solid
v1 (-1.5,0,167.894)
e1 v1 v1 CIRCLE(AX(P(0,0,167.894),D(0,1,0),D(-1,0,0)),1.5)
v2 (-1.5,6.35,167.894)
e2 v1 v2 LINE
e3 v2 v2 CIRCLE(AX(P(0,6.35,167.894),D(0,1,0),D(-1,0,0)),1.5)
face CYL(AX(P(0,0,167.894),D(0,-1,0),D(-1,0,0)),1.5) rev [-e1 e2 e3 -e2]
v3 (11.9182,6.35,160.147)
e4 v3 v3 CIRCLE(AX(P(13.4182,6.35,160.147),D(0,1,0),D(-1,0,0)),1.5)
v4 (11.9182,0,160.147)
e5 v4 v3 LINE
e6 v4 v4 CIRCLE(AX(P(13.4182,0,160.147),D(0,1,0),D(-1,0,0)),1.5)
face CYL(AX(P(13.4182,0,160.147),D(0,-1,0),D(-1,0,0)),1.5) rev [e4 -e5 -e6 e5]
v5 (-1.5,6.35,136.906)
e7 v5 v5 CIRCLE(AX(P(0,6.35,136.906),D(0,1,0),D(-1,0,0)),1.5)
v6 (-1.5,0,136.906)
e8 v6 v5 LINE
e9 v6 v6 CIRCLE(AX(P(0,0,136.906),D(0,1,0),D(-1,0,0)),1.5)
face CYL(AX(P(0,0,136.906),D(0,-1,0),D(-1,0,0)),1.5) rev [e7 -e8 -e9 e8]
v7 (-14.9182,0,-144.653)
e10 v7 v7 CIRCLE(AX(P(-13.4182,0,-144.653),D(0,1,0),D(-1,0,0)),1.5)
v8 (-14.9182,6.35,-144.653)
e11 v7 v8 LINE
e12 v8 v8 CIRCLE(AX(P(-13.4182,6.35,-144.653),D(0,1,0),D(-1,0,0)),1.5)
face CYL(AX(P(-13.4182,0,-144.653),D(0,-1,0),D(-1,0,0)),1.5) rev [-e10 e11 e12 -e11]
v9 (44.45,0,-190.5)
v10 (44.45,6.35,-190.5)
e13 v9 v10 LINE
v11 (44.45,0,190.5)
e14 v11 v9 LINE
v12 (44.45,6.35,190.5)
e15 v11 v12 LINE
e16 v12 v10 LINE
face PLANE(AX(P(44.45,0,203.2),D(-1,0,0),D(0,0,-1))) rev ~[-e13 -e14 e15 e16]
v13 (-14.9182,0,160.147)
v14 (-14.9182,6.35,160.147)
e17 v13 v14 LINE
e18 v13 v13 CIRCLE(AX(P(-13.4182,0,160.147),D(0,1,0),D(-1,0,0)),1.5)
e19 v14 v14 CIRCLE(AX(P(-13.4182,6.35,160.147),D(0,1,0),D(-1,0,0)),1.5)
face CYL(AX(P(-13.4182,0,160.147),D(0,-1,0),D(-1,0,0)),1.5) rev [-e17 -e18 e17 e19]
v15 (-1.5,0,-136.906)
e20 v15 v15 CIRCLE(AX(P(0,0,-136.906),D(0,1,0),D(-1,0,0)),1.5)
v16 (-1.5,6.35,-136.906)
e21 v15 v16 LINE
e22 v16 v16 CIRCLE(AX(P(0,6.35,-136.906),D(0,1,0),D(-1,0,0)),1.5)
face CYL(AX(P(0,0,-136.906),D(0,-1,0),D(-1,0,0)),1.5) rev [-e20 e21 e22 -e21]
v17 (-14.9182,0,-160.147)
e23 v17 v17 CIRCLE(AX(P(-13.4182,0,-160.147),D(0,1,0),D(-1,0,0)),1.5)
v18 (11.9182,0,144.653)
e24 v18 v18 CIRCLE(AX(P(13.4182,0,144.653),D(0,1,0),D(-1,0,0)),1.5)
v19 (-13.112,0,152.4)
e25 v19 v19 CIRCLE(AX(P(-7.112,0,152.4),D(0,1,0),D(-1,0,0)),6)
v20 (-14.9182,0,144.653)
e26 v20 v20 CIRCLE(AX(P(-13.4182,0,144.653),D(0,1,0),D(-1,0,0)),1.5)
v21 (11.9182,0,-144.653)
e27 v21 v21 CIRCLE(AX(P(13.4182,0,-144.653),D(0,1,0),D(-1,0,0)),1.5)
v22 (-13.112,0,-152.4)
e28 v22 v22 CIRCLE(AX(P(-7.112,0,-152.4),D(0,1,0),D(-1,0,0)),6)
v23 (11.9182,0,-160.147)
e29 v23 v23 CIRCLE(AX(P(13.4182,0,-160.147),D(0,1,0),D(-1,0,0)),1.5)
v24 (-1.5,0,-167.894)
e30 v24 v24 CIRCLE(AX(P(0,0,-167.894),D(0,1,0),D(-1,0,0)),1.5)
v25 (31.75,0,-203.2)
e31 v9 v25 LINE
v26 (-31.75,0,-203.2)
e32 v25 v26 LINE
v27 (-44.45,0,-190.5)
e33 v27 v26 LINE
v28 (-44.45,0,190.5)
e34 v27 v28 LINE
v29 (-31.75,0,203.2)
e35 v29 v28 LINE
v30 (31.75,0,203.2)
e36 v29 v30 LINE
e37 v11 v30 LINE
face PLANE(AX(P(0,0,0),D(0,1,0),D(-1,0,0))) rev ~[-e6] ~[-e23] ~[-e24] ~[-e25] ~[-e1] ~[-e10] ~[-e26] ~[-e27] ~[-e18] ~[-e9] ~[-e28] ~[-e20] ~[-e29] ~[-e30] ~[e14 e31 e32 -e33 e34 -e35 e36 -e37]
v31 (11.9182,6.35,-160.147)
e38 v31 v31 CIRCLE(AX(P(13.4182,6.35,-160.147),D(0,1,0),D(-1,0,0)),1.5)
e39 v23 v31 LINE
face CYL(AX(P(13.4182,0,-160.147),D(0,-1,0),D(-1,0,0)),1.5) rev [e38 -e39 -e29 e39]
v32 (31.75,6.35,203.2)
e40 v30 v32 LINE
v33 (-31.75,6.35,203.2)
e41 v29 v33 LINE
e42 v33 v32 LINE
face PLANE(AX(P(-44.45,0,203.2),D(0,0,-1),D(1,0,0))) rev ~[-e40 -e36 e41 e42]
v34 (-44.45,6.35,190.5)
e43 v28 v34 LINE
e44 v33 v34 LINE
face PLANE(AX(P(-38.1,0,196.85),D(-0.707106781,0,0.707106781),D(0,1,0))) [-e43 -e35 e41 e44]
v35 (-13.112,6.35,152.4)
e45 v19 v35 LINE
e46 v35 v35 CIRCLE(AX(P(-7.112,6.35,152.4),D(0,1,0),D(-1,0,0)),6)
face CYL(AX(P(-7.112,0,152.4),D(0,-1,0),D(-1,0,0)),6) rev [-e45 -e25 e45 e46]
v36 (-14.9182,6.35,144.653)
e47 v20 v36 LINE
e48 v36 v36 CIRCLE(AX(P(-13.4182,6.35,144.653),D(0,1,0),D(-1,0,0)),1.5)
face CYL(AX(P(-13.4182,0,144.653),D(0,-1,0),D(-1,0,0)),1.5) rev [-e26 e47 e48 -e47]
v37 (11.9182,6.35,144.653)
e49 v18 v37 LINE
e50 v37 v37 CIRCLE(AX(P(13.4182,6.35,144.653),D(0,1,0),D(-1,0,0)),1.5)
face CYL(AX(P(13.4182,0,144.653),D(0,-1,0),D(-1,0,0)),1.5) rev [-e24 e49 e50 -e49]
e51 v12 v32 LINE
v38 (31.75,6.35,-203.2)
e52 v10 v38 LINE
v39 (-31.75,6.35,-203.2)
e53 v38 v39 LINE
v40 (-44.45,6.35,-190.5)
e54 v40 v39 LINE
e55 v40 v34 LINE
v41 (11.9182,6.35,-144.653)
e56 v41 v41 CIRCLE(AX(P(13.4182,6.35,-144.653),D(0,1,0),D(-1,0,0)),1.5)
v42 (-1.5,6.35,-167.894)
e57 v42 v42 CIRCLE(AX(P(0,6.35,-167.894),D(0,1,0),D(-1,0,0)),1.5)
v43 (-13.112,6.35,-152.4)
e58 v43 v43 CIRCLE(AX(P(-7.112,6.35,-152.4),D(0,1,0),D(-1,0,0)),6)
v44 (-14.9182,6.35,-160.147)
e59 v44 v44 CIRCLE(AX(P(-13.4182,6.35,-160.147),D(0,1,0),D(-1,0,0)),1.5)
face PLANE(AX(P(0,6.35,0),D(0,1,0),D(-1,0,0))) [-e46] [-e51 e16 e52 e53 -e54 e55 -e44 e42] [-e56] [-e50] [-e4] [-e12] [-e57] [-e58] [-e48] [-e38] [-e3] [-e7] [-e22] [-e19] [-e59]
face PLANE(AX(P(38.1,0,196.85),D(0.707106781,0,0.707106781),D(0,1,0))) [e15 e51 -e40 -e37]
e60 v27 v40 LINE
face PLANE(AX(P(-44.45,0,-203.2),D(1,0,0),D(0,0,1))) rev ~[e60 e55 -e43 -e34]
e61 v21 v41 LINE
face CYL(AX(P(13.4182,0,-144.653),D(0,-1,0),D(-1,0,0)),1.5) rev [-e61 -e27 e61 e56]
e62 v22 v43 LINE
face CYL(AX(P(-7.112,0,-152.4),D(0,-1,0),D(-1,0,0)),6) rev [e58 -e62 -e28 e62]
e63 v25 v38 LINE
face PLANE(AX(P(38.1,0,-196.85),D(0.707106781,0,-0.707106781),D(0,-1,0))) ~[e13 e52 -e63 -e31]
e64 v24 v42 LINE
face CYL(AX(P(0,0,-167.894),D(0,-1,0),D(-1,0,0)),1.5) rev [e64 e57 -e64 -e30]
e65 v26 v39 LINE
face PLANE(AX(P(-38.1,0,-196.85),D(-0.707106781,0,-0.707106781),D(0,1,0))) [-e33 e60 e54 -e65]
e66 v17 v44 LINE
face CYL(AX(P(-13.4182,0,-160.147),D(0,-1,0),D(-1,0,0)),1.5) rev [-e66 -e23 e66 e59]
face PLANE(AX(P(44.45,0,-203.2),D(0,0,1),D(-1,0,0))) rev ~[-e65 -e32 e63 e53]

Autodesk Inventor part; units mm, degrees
ref_plane "YZ Plane" through (0, 0, 0) normal (1, 0, 0) x (0, 1, 0)
ref_plane "XZ Plane" through (0, 0, 0) normal (0, 1, 0) x (-1, 0, 0)
ref_plane "XY Plane" through (0, 0, 0) normal (0, 0, 1) x (1, 0, 0)
sketch "Sketch1" plane through (0, 0, 0) normal (0, 1, 0) x (-1, 0, 0)
  line L0 (-44.45, -203.2) -> (44.45, -203.2)
  line L1 (44.45, -203.2) -> (44.45, 203.2)
  line L2 (44.45, 203.2) -> (-44.45, 203.2)
  line L3 (-44.45, 203.2) -> (-44.45, -203.2)
  line L4 (-44.45, -203.2) -> (44.45, 203.2) construction
  line L5 (44.45, -203.2) -> (-44.45, 203.2) construction
  line L6 (0, 203.2) -> (0, -203.2) construction
  circle A0 centre (0, 152.4) radius 15.494 construction
  circle A1 centre (0, 136.906) radius 1.5
  circle A2 centre (13.4182, 144.653) radius 1.5
  circle A3 centre (13.4182, 160.147) radius 1.5
  circle A4 centre (0, 167.894) radius 1.5
  circle A5 centre (-13.4182, 160.147) radius 1.5
  circle A6 centre (-13.4182, 144.653) radius 1.5
  line L7 (0, 0) -> (44.45, 0) construction
  line L8 (0, -203.2) -> (0, 203.2) construction
  circle A7 centre (0, -152.4) radius 15.494 construction
  circle A8 centre (13.4182, -144.653) radius 1.5
  circle A9 centre (13.4182, -160.147) radius 1.5
  circle A10 centre (0, -167.894) radius 1.5
  circle A11 centre (-13.4182, -160.147) radius 1.5
  circle A12 centre (-13.4182, -144.653) radius 1.5
  circle A13 centre (0, -136.906) radius 1.5
  line L9 (0, 152.4) -> (7.112, 152.4) construction
  circle A14 centre (7.112, 152.4) radius 6
  line L10 (0, -152.4) -> (7.112, -152.4) construction
  circle A15 centre (7.112, -152.4) radius 6
  dimension "d3" = 30.988
  dimension "d0" = 406.4
  dimension "d1" = 88.9
  dimension "d2" = 152.4
  dimension "d4" = 3
  dimension "d7" = 360
  dimension "d9" = 7.112
  dimension "d10" = 12
extrude "Extrusion1" add sketch "Sketch1" along normal blind 6.35
chamfer "Chamfer1" distance 12.7 angle 45 4 edges at (44.45, 3.175, 203.2) (44.45, 3.175, -203.2) (-44.45, 3.175, 203.2) (-44.45, 3.175, -203.2)
properties part number "testPart_chassis"
